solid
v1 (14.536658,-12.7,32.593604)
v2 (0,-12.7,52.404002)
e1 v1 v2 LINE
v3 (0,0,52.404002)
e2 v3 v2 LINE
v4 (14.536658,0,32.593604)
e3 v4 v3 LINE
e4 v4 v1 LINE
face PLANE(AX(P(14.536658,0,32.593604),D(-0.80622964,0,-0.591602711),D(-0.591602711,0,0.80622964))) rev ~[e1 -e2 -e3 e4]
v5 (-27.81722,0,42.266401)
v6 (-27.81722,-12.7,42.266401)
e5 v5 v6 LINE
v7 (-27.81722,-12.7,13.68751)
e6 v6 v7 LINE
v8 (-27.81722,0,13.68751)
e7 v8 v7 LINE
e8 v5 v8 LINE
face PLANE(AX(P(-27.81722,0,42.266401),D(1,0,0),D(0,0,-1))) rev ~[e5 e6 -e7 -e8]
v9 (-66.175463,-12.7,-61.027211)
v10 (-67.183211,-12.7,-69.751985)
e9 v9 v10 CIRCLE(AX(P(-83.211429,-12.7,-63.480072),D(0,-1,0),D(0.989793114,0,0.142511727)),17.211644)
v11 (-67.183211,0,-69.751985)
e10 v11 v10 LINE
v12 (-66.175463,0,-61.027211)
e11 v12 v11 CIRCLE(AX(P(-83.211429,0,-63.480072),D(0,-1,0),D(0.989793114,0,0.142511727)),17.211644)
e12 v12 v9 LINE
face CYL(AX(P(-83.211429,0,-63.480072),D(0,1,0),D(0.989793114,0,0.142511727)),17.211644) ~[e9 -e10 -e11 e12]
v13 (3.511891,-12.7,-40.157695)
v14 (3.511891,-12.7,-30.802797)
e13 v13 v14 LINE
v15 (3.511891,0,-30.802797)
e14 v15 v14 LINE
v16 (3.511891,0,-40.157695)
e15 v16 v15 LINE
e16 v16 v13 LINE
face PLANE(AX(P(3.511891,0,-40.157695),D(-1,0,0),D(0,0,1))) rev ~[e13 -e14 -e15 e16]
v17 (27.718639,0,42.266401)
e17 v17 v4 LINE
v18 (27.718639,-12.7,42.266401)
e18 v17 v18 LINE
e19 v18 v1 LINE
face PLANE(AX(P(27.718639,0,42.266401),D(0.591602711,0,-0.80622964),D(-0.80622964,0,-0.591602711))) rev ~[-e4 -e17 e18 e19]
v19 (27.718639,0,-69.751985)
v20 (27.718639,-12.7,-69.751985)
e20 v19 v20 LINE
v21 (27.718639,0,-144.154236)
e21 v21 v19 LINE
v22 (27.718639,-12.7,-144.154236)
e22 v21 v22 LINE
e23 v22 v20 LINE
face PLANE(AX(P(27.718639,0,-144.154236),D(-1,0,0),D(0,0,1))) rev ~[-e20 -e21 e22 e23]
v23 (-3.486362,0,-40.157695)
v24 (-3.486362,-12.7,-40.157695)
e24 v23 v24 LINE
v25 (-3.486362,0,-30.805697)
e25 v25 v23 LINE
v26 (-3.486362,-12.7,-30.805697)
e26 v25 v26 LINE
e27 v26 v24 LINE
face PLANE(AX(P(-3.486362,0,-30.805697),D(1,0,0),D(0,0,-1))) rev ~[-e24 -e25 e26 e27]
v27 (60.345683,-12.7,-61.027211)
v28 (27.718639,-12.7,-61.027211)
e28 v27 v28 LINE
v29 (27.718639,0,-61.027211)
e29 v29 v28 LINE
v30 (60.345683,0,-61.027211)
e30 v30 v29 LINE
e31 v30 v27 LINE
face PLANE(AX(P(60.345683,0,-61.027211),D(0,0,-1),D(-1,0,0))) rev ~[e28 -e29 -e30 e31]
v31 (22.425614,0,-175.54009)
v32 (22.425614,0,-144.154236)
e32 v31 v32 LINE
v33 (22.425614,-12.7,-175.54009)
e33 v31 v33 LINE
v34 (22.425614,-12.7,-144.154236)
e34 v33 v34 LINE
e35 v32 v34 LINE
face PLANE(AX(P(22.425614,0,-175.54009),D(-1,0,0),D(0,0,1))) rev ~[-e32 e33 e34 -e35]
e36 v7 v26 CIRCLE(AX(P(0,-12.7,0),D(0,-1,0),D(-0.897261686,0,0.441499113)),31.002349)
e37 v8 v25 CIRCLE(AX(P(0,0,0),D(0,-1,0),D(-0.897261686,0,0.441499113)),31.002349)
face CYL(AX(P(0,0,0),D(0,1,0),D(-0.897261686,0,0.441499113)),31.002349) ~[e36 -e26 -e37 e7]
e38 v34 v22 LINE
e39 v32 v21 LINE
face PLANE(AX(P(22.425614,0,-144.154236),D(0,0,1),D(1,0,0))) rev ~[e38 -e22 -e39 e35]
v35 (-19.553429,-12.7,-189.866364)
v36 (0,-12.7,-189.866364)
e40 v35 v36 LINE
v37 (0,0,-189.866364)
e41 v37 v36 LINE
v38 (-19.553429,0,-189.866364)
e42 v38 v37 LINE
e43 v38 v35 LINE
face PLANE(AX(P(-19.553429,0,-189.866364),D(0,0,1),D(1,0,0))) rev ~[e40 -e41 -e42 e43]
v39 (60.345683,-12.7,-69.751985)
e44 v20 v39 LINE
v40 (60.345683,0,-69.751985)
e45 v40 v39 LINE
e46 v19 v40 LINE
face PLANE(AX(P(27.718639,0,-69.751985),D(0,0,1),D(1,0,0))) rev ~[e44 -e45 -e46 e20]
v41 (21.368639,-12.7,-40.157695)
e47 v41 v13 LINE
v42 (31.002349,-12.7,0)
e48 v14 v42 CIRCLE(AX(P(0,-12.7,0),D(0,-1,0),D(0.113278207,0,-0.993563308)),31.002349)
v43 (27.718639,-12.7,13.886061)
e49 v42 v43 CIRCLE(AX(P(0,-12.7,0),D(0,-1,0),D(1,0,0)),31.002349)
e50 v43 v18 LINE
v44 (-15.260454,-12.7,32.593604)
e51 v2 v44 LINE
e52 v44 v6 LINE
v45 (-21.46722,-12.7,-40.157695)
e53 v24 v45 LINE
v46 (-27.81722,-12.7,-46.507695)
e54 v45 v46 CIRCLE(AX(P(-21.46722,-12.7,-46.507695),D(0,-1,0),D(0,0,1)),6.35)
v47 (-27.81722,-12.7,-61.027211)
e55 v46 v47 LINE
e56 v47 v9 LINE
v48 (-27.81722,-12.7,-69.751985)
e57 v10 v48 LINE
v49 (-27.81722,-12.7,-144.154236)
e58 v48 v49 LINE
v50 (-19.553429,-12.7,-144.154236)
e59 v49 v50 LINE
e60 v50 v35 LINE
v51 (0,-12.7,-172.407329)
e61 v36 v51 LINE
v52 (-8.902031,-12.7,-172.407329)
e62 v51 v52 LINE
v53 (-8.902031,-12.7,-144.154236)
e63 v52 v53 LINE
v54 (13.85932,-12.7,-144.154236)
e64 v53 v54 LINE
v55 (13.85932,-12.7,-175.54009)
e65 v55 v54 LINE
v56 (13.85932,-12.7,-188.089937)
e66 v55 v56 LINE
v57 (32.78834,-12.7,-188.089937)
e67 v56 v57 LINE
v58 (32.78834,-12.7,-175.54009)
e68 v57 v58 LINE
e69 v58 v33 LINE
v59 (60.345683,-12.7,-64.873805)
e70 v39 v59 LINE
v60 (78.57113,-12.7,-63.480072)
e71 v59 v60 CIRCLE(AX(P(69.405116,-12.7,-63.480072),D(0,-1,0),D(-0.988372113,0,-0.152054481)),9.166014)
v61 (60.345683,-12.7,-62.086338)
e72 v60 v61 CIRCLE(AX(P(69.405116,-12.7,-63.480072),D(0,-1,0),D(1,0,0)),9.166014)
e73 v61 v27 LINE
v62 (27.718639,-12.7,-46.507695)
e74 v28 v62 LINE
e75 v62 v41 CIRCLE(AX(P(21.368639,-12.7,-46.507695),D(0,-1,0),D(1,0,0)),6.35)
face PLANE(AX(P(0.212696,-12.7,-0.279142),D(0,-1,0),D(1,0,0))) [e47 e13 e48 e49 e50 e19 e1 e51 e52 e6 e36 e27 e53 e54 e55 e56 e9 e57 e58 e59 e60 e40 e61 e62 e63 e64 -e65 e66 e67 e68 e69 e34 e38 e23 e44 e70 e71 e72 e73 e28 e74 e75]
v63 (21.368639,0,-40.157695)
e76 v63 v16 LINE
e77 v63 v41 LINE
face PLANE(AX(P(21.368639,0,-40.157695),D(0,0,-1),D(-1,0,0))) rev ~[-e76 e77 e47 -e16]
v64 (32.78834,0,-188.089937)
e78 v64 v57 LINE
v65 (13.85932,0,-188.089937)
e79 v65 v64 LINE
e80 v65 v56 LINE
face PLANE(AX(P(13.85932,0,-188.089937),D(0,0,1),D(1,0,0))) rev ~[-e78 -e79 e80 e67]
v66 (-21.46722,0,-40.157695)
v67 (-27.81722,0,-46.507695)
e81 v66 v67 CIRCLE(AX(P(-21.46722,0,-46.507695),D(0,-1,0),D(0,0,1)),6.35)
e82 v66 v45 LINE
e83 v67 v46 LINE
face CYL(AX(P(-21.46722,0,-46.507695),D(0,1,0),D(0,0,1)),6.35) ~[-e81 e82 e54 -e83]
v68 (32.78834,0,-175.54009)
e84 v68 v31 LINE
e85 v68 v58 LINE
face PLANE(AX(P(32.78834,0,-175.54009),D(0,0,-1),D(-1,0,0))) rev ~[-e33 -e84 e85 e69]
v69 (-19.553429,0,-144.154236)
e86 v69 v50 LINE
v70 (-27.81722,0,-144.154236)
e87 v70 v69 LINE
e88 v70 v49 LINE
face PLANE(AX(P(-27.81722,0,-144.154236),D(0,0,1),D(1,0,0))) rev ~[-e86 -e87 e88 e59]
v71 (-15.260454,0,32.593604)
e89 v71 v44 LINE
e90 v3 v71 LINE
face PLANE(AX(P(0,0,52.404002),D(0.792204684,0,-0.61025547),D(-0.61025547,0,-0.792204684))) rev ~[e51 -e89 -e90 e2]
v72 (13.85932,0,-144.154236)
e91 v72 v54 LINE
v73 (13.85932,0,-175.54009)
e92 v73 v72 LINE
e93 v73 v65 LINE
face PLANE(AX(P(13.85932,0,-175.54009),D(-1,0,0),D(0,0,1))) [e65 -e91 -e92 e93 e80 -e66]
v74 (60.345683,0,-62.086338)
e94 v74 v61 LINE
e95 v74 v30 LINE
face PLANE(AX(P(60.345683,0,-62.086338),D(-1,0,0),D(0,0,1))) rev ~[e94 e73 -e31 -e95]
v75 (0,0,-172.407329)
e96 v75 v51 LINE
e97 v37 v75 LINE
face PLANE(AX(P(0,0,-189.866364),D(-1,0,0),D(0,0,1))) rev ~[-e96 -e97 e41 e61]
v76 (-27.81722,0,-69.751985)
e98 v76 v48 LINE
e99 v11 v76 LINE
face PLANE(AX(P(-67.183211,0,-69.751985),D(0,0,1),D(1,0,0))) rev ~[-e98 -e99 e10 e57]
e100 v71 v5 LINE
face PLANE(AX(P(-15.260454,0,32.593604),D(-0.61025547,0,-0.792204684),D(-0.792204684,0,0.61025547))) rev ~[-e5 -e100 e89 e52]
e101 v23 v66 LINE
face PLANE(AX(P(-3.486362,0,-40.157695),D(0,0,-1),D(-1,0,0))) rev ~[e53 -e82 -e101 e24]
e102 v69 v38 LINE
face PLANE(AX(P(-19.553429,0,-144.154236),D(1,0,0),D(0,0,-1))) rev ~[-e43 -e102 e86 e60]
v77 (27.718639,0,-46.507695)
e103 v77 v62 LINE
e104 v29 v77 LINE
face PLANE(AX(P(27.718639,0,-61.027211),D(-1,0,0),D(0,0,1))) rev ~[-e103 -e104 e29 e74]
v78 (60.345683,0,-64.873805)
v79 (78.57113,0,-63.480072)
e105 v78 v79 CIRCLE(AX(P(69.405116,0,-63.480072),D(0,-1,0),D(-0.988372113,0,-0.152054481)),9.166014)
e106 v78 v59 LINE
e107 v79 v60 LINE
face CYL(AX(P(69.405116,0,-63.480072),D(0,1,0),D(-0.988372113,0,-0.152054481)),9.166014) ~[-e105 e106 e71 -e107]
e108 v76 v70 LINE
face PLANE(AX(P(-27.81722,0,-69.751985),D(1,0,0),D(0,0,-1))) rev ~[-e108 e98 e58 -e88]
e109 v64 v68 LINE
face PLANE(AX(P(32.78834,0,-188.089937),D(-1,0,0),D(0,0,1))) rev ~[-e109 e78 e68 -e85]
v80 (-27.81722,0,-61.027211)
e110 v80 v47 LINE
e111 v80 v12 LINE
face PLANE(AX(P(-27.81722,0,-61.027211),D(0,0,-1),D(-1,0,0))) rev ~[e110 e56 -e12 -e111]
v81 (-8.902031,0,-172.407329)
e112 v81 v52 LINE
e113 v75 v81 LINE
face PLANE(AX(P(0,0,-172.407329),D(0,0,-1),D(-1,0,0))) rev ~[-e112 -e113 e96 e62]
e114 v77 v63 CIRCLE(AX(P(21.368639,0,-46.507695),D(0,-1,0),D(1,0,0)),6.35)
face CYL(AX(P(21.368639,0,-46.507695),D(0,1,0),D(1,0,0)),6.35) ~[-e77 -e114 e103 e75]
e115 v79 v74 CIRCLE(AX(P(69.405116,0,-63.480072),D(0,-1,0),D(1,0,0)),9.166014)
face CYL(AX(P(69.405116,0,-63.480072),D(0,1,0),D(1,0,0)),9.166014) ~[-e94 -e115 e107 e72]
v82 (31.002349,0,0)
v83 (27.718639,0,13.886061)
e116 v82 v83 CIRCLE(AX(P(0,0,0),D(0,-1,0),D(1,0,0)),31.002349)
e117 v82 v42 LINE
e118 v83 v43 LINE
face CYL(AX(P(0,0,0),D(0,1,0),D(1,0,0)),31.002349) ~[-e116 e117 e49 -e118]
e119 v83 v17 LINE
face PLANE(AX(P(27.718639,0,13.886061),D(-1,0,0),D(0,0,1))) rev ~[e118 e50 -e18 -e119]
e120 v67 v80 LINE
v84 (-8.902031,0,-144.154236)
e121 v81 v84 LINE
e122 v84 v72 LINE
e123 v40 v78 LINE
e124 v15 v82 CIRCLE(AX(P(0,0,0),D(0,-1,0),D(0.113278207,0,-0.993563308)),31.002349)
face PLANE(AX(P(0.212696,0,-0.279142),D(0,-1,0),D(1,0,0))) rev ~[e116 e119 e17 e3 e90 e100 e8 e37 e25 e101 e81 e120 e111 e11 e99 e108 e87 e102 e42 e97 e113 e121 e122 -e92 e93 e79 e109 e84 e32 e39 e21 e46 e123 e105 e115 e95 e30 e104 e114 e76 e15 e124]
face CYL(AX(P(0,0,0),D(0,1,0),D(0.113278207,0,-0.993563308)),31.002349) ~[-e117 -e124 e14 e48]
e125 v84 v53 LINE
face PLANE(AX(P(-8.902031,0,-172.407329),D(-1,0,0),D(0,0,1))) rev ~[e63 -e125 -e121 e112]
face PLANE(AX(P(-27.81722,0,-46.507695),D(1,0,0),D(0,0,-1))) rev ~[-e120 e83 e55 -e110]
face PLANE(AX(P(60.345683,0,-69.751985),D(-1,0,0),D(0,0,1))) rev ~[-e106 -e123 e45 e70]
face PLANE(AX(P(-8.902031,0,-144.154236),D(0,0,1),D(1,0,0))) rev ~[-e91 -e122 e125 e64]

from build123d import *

# Parameters (mm, degrees)
F0_W     = 10.6513975188
F0_H     = 28.2530933619
F0_W_2   = 8.5662946613
F0_H_2   = 31.3858538866
F1_DEPTH = 12.7


with BuildPart() as f1:
    # F0 (on Front) → F1 (new body)
    with BuildSketch(Plane.XZ):
        with BuildLine():
            ThreePointArc((27.7186392723, 13.8860614419), (-0.1108388387, 31.0021512193), (-27.8172202573, 13.6875097307))
            ThreePointArc((-27.8172202573, 13.6875097307), (-27.2009176267, -14.8746679203), (-3.4863620695, -30.8056966322))
            ThreePointArc((-3.4863620695, -30.8056966322), (0.0128463192, -31.0023466926), (3.5118905362, -30.8027967941))
            ThreePointArc((3.5118905362, -30.8027967941), (23.1303104472, -20.6430231335), (31.0023493541, 0))
            ThreePointArc((31.0023493541, 0), (30.1702552509, 7.1345191546), (27.7186392723, 13.8860614419))
        make_face()
        with BuildLine():
            Line((-27.8172202573, 42.2664012245), (-27.8172202573, 13.6875097307))
            ThreePointArc((-27.8172202573, 13.6875097307), (-0.1108388387, 31.0021512193), (27.7186392723, 13.8860614419))
            Line((27.7186392723, 13.8860614419), (27.7186392723, 42.2664012245))
            Line((27.7186392723, 42.2664012245), (14.5366582813, 32.5936041772))
            Line((14.5366582813, 32.5936041772), (0, 52.4040015422))
            Line((0, 52.4040015422), (-15.2604542673, 32.5936041772))
            Line((-15.2604542673, 32.5936041772), (-27.8172202573, 42.2664012245))
        make_face()
        with BuildLine():
            ThreePointArc((3.5118905362, -30.8027967941), (0.0128463192, -31.0023466926), (-3.4863620695, -30.8056966322))
            Line((-3.4863620695, -30.8056966322), (-3.4863620695, -40.1576947717))
            Line((-3.4863620695, -40.1576947717), (3.5118905362, -40.1576947717))
            Line((3.5118905362, -40.1576947717), (3.5118905362, -30.8027967941))
        make_face()
        with BuildLine():
            Line((3.5118905362, -40.1576947717), (-3.4863620695, -40.1576947717))
            Line((-3.4863620695, -40.1576947717), (-21.4672202573, -40.1576947717))
            ThreePointArc((-21.4672202573, -40.1576947717), (-25.9573483179, -42.0175667112), (-27.8172202573, -46.5076947717))
            Line((-27.8172202573, -46.5076947717), (-27.8172202573, -61.0272106781))
            Line((-27.8172202573, -61.0272106781), (-27.8172202573, -69.7519853711))
            Line((-27.8172202573, -69.7519853711), (-27.8172202573, -75.5467265844))
            Line((-27.8172202573, -75.5467265844), (-27.8172202573, -100.148126483))
            Line((-27.8172202573, -100.148126483), (0, -100.148126483))
            Line((0, -100.148126483), (27.7186392723, -100.148126483))
            Line((27.7186392723, -100.148126483), (27.7186392723, -75.5467265844))
            Line((27.7186392723, -75.5467265844), (27.7186392723, -69.7519853711))
            Line((27.7186392723, -69.7519853711), (27.7186392723, -61.0272106781))
            Line((27.7186392723, -61.0272106781), (27.7186392723, -46.5076947717))
            ThreePointArc((27.7186392723, -46.5076947717), (25.8587673328, -42.0175667112), (21.3686392723, -40.1576947717))
            Line((21.3686392723, -40.1576947717), (3.5118905362, -40.1576947717))
        make_face()
        with BuildLine():
            Line((-27.8172202573, -69.7519853711), (-27.8172202573, -61.0272106781))
            Line((-27.8172202573, -61.0272106781), (-66.1754632035, -61.0272106781))
            ThreePointArc((-66.1754632035, -61.0272106781), (-66.0437614134, -62.2504996619), (-65.9997859122, -63.4800717235))
            ThreePointArc((-65.9997859122, -63.4800717235), (-66.2982297512, -66.6713644395), (-67.1832114458, -69.7519853711))
            Line((-67.1832114458, -69.7519853711), (-27.8172202573, -69.7519853711))
        make_face()
        with BuildLine():
            Line((60.3456832469, -61.0272106781), (27.7186392723, -61.0272106781))
            Line((27.7186392723, -61.0272106781), (27.7186392723, -69.7519853711))
            Line((27.7186392723, -69.7519853711), (60.3456832469, -69.7519853711))
            Line((60.3456832469, -69.7519853711), (60.3456832469, -64.8738052694))
            ThreePointArc((60.3456832469, -64.8738052694), (60.239101873, -63.4800717235), (60.3456832469, -62.0863381775))
            Line((60.3456832469, -62.0863381775), (60.3456832469, -61.0272106781))
        make_face()
        with BuildLine():
            ThreePointArc((-65.9997859122, -63.4800717235), (-66.0437614134, -62.2504996619), (-66.1754632035, -61.0272106781))
            Line((-66.1754632035, -61.0272106781), (-67.1832114458, -61.0272106781))
            Line((-67.1832114458, -61.0272106781), (-67.1832114458, -69.7519853711))
            ThreePointArc((-67.1832114458, -69.7519853711), (-66.2982297512, -66.6713644395), (-65.9997859122, -63.4800717235))
        make_face()
        with BuildLine():
            Line((-67.1832114458, -61.0272106781), (-66.1754632035, -61.0272106781))
            ThreePointArc((-66.1754632035, -61.0272106781), (-100.3093969079, -61.5051844293), (-67.1832114458, -69.7519853711))
            Line((-67.1832114458, -69.7519853711), (-67.1832114458, -61.0272106781))
        make_face()
        with BuildLine():
            ThreePointArc((78.5711304087, -63.4800717235), (70.104017562, -54.3407416407), (60.3456832469, -62.0863381775))
            Line((60.3456832469, -62.0863381775), (60.3456832469, -64.8738052694))
            ThreePointArc((60.3456832469, -64.8738052694), (70.104017562, -72.6194018062), (78.5711304087, -63.4800717235))
        make_face()
        with BuildLine():
            Line((60.3456832469, -64.8738052694), (60.3456832469, -62.0863381775))
            ThreePointArc((60.3456832469, -62.0863381775), (60.239101873, -63.4800717235), (60.3456832469, -64.8738052694))
        make_face()
        Polygon((0, -100.148126483), (-27.8172202573, -100.148126483), (-27.8172202573, -144.1542357206), (-19.5534285158, -144.1542357206), (-8.902030997, -144.1542357206), (0, -144.1542357206), align=None)
        Polygon((27.7186392723, -144.1542357206), (27.7186392723, -100.148126483), (0, -100.148126483), (0, -144.1542357206), (13.8593196361, -144.1542357206), (22.4256142974, -144.1542357206), align=None)
        with Locations((-14.2277297564, -158.2807824016)):
            Rectangle(F0_W, F0_H)
        with Locations((18.1424669668, -159.8471626639)):
            Rectangle(F0_W_2, F0_H_2)
        Polygon((-8.902030997, -172.4073290825), (-19.5534285158, -172.4073290825), (-19.5534285158, -189.8663640022), (0, -189.8663640022), (0, -172.4073290825), align=None)
        Polygon((32.7883400023, -175.5400896072), (22.4256142974, -175.5400896072), (13.8593196361, -175.5400896072), (13.8593196361, -188.0899369717), (32.7883400023, -188.0899369717), align=None)
    extrude(amount=F1_DEPTH)


solid = f1.part
